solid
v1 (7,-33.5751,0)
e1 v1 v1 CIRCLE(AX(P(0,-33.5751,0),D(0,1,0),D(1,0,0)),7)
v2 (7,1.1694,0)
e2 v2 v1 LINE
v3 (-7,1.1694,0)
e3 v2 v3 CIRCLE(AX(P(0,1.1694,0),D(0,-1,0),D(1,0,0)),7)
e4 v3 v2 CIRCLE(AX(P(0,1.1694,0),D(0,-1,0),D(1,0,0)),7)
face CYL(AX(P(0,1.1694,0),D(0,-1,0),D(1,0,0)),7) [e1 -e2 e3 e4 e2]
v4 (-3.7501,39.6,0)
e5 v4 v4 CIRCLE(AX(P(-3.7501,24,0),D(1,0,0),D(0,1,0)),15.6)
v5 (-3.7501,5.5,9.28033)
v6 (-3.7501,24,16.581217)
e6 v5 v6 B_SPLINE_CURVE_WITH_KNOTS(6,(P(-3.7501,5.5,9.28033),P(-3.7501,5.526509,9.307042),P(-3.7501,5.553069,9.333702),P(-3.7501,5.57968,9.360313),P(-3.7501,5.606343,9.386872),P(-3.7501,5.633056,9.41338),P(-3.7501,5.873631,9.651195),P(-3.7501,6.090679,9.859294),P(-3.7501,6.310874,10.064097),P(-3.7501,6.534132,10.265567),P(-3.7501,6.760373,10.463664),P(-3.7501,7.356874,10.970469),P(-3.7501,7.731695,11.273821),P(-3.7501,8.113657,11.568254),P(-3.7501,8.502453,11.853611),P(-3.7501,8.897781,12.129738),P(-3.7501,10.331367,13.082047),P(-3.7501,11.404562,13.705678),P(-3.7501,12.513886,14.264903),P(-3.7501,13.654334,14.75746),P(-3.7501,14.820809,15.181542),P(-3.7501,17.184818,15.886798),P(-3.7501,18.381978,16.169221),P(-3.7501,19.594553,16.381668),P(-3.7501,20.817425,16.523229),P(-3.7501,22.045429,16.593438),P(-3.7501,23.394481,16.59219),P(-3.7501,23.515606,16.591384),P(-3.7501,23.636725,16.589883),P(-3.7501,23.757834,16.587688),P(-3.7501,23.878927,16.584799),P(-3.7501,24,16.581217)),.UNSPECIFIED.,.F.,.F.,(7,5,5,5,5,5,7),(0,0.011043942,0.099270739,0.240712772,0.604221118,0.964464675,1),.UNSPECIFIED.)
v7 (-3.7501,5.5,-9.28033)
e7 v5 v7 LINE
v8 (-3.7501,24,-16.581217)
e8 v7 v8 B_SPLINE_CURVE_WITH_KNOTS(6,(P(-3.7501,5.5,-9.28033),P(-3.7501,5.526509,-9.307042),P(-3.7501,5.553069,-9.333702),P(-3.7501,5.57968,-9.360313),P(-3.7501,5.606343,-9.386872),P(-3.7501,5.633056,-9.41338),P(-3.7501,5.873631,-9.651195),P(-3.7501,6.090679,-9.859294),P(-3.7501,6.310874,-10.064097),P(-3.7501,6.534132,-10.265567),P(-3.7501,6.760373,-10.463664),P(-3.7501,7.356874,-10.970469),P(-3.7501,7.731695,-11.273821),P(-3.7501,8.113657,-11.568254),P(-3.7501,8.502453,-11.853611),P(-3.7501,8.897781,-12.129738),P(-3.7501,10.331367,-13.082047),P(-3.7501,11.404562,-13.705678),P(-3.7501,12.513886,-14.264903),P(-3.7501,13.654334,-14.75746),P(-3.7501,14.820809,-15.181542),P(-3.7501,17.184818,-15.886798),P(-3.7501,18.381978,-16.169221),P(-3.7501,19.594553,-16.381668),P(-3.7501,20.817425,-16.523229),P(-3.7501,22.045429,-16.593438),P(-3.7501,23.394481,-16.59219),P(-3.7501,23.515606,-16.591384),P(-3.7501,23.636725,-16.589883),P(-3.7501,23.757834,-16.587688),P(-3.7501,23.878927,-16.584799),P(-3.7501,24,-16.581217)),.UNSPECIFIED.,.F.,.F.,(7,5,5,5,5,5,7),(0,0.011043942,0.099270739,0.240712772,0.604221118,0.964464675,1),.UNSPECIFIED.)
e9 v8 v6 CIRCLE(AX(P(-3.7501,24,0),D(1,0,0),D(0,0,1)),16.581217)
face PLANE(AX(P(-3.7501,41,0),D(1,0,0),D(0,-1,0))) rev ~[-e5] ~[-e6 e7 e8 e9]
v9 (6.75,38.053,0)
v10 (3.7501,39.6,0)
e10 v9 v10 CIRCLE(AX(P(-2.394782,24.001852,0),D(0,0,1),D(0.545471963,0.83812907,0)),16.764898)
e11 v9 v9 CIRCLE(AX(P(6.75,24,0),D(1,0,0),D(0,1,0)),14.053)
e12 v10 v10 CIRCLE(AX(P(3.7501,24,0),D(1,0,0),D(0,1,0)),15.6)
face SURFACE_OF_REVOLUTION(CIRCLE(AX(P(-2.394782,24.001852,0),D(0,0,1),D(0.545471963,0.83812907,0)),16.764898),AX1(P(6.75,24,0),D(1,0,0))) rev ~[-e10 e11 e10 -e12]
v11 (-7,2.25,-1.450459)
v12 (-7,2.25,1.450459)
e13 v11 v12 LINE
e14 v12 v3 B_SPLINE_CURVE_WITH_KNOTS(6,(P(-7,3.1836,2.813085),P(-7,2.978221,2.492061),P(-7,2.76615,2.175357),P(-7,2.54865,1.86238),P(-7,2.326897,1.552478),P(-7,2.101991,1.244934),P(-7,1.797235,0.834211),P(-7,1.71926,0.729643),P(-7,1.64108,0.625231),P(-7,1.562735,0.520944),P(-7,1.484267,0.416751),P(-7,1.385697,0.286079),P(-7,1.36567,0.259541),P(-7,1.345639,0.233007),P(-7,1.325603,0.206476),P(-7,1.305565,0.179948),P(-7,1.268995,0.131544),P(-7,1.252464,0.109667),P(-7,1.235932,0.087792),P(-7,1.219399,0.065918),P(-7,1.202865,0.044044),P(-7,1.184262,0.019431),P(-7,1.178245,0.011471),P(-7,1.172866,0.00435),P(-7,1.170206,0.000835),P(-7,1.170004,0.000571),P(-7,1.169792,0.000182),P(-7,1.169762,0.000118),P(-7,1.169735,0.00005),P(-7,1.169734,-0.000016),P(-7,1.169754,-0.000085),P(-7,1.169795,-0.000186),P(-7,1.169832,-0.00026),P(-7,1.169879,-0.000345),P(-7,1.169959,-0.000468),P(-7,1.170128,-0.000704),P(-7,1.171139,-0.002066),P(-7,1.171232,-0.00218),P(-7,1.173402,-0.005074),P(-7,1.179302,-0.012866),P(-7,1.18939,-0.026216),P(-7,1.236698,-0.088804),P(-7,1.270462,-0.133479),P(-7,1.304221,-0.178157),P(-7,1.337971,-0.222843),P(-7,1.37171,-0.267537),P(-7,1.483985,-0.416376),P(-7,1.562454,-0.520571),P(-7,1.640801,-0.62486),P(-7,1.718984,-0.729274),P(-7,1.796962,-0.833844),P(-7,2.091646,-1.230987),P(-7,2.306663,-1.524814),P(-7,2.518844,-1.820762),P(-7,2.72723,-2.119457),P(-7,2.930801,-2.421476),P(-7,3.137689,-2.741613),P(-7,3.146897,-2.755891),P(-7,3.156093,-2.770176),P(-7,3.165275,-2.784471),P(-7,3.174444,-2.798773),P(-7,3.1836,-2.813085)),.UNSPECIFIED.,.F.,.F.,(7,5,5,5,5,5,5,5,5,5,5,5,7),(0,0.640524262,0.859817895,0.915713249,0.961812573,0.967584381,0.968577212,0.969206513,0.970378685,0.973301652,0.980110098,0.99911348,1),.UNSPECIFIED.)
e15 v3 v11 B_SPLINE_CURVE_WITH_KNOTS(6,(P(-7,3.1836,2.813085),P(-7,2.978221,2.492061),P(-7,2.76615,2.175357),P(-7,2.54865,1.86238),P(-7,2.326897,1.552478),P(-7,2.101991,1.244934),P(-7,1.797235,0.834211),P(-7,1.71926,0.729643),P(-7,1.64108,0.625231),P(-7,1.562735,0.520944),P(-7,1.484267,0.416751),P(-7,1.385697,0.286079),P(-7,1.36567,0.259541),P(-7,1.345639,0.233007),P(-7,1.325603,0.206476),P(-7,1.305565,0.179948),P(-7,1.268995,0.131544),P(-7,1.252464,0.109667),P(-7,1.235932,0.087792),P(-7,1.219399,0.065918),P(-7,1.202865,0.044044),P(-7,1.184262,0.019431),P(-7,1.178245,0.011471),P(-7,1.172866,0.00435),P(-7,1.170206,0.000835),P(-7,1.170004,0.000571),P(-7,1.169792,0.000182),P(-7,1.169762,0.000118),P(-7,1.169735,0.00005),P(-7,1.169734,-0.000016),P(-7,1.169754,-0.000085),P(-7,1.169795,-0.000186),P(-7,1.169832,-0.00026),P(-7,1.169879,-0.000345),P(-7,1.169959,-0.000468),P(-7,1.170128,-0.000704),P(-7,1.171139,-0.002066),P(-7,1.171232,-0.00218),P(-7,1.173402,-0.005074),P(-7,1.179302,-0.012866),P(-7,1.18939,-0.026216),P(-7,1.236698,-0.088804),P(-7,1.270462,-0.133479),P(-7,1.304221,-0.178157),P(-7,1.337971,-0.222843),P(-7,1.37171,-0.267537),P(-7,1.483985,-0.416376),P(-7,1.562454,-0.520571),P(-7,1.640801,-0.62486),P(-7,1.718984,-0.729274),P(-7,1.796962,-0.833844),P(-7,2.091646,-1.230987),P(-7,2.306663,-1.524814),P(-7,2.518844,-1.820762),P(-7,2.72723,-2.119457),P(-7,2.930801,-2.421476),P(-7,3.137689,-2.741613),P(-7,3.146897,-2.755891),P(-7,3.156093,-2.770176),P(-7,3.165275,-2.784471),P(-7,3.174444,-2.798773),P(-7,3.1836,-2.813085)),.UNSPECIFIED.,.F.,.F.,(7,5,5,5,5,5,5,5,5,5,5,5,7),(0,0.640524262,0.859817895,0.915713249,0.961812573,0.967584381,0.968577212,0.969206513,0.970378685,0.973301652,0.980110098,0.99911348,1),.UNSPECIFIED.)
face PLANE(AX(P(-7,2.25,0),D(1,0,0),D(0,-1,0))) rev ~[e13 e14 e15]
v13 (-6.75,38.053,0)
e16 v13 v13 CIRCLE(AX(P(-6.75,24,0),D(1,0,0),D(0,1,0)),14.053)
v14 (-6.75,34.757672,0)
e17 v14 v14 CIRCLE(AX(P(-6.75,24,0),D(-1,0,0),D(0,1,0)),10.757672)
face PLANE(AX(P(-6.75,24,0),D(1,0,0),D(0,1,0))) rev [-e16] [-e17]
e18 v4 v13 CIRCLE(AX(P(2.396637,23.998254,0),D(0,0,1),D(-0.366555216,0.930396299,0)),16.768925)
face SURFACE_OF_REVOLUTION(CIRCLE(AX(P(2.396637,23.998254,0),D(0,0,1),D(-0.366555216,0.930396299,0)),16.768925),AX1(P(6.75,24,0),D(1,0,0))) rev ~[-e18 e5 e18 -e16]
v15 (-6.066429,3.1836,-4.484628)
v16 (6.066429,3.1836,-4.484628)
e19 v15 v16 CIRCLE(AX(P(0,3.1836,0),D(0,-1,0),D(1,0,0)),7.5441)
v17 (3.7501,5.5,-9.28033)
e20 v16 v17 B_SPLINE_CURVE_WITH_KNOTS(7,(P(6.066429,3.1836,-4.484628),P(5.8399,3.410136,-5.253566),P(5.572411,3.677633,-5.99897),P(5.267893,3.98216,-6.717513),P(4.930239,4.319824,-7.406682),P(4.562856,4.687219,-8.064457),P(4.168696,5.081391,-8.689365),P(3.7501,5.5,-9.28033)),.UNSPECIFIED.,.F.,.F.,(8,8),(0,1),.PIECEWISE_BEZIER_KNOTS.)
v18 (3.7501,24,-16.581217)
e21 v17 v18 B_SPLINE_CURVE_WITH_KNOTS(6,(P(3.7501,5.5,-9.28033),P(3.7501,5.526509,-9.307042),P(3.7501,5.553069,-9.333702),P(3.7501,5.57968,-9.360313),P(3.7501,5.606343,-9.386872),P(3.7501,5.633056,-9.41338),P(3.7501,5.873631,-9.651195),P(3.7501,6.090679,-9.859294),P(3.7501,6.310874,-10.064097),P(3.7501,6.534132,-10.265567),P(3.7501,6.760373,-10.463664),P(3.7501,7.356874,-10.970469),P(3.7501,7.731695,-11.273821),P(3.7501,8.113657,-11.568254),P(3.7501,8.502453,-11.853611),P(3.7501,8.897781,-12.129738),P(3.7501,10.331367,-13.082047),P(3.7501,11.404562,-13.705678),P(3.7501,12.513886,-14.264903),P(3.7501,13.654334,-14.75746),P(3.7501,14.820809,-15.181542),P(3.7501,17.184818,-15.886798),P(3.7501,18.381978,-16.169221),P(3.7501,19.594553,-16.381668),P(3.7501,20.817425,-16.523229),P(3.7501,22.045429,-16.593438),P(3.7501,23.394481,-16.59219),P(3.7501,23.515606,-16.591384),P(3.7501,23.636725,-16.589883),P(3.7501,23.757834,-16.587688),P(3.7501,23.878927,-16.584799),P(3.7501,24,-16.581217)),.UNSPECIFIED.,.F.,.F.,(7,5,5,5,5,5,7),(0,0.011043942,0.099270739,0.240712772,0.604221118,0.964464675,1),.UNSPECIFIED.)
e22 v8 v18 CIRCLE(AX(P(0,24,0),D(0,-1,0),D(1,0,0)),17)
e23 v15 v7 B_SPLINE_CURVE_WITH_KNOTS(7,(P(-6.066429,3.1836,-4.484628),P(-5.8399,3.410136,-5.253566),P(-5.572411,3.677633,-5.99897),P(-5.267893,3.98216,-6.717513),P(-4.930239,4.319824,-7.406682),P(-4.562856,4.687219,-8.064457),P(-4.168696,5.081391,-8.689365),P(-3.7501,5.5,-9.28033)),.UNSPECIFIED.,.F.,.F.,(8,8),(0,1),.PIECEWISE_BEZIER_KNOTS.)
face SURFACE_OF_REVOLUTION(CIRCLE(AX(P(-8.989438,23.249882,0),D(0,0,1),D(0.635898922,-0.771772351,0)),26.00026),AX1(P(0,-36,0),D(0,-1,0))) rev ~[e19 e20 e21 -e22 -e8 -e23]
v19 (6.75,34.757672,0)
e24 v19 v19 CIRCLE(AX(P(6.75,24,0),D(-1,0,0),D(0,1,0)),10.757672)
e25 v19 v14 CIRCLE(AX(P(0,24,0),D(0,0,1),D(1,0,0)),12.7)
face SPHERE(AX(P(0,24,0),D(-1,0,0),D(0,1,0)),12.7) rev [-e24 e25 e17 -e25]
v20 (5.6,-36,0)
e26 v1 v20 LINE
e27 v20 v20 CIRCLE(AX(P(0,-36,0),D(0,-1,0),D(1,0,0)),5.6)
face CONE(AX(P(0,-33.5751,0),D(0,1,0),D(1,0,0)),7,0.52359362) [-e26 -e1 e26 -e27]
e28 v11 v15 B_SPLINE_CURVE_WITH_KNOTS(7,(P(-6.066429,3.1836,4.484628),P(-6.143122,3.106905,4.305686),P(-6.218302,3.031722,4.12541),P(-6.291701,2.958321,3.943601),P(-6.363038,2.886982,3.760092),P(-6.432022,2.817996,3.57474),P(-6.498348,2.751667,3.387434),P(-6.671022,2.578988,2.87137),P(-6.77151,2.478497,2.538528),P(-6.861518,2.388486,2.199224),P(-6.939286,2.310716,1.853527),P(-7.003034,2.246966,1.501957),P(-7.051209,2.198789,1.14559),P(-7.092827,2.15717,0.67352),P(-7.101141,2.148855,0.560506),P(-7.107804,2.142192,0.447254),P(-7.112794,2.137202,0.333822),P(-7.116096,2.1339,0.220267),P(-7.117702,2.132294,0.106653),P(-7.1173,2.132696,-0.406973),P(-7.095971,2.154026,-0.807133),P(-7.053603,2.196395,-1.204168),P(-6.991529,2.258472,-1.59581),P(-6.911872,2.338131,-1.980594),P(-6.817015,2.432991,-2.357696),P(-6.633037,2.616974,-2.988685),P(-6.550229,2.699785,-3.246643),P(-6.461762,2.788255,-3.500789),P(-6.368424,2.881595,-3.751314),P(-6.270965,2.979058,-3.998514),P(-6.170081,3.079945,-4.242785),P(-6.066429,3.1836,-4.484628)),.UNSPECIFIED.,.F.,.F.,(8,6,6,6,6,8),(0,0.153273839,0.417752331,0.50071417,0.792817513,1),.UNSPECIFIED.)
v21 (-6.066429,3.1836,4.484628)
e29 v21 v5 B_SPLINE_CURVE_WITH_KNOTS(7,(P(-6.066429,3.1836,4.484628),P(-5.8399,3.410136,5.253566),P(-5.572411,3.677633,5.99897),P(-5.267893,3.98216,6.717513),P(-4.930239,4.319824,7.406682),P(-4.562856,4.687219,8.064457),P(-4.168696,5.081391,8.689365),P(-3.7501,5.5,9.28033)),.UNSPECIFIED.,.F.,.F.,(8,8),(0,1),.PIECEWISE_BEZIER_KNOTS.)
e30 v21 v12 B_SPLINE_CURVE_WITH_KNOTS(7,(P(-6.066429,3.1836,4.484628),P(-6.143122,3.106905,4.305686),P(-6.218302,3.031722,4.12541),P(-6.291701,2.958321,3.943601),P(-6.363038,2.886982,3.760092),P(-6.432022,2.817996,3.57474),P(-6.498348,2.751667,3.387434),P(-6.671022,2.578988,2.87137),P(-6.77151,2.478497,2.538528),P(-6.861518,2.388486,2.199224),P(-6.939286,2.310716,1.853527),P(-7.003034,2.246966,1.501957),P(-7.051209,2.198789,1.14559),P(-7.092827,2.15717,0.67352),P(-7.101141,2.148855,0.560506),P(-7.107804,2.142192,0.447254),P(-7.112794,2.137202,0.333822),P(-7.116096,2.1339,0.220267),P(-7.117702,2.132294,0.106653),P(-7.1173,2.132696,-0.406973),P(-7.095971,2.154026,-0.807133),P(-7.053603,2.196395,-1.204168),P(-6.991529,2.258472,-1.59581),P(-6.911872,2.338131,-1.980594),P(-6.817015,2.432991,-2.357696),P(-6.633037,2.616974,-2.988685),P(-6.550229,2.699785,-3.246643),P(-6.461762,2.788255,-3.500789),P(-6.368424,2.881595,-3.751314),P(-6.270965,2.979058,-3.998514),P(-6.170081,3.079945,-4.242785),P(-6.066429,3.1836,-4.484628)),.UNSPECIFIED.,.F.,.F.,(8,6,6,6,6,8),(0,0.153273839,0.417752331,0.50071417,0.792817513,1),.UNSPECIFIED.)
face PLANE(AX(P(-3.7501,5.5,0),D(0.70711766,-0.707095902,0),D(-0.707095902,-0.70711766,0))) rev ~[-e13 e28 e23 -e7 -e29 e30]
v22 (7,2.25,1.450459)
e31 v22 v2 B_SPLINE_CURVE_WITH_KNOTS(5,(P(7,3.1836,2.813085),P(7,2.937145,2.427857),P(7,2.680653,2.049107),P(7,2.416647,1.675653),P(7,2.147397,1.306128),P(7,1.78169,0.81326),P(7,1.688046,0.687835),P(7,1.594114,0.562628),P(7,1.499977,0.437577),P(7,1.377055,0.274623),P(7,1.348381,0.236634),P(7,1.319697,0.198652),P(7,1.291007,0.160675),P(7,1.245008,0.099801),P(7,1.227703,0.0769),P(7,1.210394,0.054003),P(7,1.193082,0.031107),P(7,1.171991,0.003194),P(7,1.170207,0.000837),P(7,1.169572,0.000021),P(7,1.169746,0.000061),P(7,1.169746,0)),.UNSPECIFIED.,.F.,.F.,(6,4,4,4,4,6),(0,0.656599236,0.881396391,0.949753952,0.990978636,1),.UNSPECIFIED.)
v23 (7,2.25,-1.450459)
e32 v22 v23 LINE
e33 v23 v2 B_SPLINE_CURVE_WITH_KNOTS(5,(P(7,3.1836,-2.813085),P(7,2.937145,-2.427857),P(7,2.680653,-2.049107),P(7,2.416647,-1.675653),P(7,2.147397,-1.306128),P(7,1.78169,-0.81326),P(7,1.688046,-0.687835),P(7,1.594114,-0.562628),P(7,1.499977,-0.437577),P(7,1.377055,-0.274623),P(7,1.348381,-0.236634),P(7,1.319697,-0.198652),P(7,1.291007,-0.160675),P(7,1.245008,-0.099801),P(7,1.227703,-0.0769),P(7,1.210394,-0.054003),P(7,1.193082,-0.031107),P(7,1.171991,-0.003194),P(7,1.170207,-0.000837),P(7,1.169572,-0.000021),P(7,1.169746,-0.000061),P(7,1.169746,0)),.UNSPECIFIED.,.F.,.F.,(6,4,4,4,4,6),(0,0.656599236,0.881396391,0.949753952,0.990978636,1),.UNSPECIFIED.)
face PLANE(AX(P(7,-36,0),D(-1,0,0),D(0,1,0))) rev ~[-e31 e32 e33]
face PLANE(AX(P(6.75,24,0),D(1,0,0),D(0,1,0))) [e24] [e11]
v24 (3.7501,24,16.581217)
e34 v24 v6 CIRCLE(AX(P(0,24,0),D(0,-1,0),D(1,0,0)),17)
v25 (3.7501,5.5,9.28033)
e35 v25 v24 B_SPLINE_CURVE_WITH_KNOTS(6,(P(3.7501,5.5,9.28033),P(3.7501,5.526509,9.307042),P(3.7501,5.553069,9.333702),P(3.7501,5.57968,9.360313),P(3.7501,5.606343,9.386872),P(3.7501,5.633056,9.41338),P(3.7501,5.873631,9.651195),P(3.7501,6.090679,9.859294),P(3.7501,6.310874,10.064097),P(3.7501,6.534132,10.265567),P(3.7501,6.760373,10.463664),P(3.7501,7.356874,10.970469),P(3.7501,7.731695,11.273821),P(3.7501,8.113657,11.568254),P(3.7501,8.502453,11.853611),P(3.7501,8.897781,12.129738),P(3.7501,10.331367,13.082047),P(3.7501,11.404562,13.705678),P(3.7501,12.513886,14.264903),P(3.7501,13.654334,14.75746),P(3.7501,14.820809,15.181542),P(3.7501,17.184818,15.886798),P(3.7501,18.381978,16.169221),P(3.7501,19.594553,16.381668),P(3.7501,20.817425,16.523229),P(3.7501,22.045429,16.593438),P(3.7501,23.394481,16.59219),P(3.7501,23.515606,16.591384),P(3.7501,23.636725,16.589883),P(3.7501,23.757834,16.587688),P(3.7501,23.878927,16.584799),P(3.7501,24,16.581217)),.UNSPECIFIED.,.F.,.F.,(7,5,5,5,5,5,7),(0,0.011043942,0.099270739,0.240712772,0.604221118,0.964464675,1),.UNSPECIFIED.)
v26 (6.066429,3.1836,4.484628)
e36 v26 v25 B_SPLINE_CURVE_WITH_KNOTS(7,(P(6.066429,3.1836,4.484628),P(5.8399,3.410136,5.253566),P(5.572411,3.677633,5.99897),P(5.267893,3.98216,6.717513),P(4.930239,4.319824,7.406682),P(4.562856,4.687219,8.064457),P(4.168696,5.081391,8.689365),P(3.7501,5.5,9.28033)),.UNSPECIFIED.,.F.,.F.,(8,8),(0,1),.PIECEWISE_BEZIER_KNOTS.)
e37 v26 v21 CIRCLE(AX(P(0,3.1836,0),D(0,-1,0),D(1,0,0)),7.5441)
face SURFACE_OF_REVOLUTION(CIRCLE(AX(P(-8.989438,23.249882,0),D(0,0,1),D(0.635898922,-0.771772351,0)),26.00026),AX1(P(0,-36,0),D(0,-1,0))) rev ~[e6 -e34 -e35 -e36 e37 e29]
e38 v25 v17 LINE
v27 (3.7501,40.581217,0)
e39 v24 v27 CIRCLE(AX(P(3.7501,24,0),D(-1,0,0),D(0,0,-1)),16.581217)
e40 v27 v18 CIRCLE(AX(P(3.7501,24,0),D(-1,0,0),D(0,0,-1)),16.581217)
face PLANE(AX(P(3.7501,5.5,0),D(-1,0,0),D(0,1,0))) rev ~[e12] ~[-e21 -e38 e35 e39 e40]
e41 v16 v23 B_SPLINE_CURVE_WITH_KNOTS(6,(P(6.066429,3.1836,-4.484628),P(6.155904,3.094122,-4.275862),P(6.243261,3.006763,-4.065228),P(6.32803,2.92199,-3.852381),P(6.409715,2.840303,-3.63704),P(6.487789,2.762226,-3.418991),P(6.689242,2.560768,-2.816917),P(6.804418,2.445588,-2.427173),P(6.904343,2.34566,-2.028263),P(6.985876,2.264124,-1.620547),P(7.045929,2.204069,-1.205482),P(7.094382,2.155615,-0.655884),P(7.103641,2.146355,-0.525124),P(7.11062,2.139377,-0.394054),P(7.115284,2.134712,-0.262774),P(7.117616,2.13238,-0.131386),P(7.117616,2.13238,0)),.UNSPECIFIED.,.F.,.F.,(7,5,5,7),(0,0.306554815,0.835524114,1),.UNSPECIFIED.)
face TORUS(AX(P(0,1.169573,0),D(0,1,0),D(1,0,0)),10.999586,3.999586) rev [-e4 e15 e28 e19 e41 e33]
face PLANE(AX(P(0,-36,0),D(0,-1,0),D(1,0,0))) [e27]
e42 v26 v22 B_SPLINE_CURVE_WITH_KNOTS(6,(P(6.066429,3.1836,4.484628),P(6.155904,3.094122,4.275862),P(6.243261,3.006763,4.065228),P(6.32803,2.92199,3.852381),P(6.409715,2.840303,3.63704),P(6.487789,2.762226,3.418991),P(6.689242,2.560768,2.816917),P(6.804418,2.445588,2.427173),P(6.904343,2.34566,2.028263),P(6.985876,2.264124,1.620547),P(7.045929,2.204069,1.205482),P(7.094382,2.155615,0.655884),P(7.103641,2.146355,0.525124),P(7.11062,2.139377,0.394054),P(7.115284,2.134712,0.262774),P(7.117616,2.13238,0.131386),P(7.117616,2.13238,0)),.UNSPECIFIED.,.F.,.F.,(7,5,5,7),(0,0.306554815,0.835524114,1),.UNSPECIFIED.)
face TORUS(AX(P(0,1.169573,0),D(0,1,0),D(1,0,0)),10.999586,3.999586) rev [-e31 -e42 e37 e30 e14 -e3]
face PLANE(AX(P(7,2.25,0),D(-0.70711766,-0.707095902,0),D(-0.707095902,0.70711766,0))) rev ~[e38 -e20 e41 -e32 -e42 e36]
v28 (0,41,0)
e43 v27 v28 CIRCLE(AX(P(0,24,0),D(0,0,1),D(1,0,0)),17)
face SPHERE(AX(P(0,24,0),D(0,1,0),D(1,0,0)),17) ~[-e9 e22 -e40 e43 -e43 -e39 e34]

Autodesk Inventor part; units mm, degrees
sketch "Sketch_4" plane through (0, 0, 0) normal (0, 0, 1) x (1, 0, 0)
  line L0 (0, -36) -> (0, 41)
  arc A0 (17, 24) -> (0, 41) centre (0, 24) ccw
  arc A1 (7.5441, 3.1836) -> (17, 24) centre (-8.9892, 23.2497) ccw
  arc A2 (7.5441, 3.1836) -> (7, 1.1694) centre (11, 1.1694) ccw
  line L1 (7, 1.1694) -> (7, -33.5751)
  line L2 (7, -33.5751) -> (5.6, -36)
  line L3 (5.6, -36) -> (0, -36)
  line L4 (0, -36) -> (0, 41)
revolve "Revolution1" add sketch "Sketch_4" angle 360 about axis through (0, -36, 0) along (0, -1, 0)
thread "Thread1" size "M14x2" class "6g" standard "ISO Metric profile" full length
sketch "Sketch_5" plane through (0, 0, 0) normal (0, 0, 1) x (1, 0, 0)
  line L0 (-25.5, 42.8) -> (-25.5, -39.6)
  line L1 (-25.5, -39.6) -> (25.5, -39.6)
  line L2 (25.5, -39.6) -> (25.5, 42.8)
  line L3 (25.5, 42.8) -> (-25.5, 42.8)
  line L4 (-7, 2.25) -> (-7, -36)
  line L5 (-7, -36) -> (7, -36)
  line L6 (7, -36) -> (7, 2.25)
  line L7 (7, 2.25) -> (3.7501, 5.5)
  line L8 (3.7501, 5.5) -> (3.7501, 41)
  line L9 (3.7501, 41) -> (-3.7501, 41)
  line L10 (-3.7501, 41) -> (-3.7501, 5.5)
  line L11 (-3.7501, 5.5) -> (-7, 2.25)
extrude "Extrusion1" cut sketch "Sketch_5" along normal mid plane 34
sketch "Sketch_6" plane through (0, 0, 0) normal (0, 0, 1) x (1, 0, 0)
  line L0 (6.75, 24) -> (-6.75, 24)
  line L1 (-6.75, 24) -> (-6.75, 38.053)
  arc A0 (-3.7501, 39.6) -> (-6.75, 38.053) centre (2.3958, 24.0001) ccw
  line L2 (-3.7501, 39.6) -> (3.7501, 39.6)
  arc A1 (6.75, 38.053) -> (3.7501, 39.6) centre (-2.3958, 24.0001) ccw
  line L3 (6.75, 38.053) -> (6.75, 24)
  line L4 (6.75, 24) -> (-6.75, 24)
revolve "Revolution2" add sketch "Sketch_6" angle 360 about axis through (6.75, 24, 0) along (1, 0, 0)
sketch "Sketch_7" plane through (0, 0, 0) normal (0, 0, 1) x (1, 0, 0)
  line L0 (12.7, 24) -> (-12.7, 24)
  arc A0 (12.7, 24) -> (-12.7, 24) centre (0, 24) ccw
  line L1 (12.7, 24) -> (-12.7, 24)
revolve "Revolution3" cut sketch "Sketch_7" angle 360 about axis through (12.7, 24, 0) along (1, 0, 0)
ref_plane "IP_1_BO_XY" through (0, 24, 0) normal (1, 0, 0) x (0, 0, -1)
ref_plane "IP_1_BO_YZ" through (0, 24, 0) normal (0, 0, -1) x (0, 1, 0)
ref_plane "IP_1_BO_ZX" through (0, 24, 0) normal (0, 1, 0) x (1, 0, 0)
properties part number "POS 14ECBody"
